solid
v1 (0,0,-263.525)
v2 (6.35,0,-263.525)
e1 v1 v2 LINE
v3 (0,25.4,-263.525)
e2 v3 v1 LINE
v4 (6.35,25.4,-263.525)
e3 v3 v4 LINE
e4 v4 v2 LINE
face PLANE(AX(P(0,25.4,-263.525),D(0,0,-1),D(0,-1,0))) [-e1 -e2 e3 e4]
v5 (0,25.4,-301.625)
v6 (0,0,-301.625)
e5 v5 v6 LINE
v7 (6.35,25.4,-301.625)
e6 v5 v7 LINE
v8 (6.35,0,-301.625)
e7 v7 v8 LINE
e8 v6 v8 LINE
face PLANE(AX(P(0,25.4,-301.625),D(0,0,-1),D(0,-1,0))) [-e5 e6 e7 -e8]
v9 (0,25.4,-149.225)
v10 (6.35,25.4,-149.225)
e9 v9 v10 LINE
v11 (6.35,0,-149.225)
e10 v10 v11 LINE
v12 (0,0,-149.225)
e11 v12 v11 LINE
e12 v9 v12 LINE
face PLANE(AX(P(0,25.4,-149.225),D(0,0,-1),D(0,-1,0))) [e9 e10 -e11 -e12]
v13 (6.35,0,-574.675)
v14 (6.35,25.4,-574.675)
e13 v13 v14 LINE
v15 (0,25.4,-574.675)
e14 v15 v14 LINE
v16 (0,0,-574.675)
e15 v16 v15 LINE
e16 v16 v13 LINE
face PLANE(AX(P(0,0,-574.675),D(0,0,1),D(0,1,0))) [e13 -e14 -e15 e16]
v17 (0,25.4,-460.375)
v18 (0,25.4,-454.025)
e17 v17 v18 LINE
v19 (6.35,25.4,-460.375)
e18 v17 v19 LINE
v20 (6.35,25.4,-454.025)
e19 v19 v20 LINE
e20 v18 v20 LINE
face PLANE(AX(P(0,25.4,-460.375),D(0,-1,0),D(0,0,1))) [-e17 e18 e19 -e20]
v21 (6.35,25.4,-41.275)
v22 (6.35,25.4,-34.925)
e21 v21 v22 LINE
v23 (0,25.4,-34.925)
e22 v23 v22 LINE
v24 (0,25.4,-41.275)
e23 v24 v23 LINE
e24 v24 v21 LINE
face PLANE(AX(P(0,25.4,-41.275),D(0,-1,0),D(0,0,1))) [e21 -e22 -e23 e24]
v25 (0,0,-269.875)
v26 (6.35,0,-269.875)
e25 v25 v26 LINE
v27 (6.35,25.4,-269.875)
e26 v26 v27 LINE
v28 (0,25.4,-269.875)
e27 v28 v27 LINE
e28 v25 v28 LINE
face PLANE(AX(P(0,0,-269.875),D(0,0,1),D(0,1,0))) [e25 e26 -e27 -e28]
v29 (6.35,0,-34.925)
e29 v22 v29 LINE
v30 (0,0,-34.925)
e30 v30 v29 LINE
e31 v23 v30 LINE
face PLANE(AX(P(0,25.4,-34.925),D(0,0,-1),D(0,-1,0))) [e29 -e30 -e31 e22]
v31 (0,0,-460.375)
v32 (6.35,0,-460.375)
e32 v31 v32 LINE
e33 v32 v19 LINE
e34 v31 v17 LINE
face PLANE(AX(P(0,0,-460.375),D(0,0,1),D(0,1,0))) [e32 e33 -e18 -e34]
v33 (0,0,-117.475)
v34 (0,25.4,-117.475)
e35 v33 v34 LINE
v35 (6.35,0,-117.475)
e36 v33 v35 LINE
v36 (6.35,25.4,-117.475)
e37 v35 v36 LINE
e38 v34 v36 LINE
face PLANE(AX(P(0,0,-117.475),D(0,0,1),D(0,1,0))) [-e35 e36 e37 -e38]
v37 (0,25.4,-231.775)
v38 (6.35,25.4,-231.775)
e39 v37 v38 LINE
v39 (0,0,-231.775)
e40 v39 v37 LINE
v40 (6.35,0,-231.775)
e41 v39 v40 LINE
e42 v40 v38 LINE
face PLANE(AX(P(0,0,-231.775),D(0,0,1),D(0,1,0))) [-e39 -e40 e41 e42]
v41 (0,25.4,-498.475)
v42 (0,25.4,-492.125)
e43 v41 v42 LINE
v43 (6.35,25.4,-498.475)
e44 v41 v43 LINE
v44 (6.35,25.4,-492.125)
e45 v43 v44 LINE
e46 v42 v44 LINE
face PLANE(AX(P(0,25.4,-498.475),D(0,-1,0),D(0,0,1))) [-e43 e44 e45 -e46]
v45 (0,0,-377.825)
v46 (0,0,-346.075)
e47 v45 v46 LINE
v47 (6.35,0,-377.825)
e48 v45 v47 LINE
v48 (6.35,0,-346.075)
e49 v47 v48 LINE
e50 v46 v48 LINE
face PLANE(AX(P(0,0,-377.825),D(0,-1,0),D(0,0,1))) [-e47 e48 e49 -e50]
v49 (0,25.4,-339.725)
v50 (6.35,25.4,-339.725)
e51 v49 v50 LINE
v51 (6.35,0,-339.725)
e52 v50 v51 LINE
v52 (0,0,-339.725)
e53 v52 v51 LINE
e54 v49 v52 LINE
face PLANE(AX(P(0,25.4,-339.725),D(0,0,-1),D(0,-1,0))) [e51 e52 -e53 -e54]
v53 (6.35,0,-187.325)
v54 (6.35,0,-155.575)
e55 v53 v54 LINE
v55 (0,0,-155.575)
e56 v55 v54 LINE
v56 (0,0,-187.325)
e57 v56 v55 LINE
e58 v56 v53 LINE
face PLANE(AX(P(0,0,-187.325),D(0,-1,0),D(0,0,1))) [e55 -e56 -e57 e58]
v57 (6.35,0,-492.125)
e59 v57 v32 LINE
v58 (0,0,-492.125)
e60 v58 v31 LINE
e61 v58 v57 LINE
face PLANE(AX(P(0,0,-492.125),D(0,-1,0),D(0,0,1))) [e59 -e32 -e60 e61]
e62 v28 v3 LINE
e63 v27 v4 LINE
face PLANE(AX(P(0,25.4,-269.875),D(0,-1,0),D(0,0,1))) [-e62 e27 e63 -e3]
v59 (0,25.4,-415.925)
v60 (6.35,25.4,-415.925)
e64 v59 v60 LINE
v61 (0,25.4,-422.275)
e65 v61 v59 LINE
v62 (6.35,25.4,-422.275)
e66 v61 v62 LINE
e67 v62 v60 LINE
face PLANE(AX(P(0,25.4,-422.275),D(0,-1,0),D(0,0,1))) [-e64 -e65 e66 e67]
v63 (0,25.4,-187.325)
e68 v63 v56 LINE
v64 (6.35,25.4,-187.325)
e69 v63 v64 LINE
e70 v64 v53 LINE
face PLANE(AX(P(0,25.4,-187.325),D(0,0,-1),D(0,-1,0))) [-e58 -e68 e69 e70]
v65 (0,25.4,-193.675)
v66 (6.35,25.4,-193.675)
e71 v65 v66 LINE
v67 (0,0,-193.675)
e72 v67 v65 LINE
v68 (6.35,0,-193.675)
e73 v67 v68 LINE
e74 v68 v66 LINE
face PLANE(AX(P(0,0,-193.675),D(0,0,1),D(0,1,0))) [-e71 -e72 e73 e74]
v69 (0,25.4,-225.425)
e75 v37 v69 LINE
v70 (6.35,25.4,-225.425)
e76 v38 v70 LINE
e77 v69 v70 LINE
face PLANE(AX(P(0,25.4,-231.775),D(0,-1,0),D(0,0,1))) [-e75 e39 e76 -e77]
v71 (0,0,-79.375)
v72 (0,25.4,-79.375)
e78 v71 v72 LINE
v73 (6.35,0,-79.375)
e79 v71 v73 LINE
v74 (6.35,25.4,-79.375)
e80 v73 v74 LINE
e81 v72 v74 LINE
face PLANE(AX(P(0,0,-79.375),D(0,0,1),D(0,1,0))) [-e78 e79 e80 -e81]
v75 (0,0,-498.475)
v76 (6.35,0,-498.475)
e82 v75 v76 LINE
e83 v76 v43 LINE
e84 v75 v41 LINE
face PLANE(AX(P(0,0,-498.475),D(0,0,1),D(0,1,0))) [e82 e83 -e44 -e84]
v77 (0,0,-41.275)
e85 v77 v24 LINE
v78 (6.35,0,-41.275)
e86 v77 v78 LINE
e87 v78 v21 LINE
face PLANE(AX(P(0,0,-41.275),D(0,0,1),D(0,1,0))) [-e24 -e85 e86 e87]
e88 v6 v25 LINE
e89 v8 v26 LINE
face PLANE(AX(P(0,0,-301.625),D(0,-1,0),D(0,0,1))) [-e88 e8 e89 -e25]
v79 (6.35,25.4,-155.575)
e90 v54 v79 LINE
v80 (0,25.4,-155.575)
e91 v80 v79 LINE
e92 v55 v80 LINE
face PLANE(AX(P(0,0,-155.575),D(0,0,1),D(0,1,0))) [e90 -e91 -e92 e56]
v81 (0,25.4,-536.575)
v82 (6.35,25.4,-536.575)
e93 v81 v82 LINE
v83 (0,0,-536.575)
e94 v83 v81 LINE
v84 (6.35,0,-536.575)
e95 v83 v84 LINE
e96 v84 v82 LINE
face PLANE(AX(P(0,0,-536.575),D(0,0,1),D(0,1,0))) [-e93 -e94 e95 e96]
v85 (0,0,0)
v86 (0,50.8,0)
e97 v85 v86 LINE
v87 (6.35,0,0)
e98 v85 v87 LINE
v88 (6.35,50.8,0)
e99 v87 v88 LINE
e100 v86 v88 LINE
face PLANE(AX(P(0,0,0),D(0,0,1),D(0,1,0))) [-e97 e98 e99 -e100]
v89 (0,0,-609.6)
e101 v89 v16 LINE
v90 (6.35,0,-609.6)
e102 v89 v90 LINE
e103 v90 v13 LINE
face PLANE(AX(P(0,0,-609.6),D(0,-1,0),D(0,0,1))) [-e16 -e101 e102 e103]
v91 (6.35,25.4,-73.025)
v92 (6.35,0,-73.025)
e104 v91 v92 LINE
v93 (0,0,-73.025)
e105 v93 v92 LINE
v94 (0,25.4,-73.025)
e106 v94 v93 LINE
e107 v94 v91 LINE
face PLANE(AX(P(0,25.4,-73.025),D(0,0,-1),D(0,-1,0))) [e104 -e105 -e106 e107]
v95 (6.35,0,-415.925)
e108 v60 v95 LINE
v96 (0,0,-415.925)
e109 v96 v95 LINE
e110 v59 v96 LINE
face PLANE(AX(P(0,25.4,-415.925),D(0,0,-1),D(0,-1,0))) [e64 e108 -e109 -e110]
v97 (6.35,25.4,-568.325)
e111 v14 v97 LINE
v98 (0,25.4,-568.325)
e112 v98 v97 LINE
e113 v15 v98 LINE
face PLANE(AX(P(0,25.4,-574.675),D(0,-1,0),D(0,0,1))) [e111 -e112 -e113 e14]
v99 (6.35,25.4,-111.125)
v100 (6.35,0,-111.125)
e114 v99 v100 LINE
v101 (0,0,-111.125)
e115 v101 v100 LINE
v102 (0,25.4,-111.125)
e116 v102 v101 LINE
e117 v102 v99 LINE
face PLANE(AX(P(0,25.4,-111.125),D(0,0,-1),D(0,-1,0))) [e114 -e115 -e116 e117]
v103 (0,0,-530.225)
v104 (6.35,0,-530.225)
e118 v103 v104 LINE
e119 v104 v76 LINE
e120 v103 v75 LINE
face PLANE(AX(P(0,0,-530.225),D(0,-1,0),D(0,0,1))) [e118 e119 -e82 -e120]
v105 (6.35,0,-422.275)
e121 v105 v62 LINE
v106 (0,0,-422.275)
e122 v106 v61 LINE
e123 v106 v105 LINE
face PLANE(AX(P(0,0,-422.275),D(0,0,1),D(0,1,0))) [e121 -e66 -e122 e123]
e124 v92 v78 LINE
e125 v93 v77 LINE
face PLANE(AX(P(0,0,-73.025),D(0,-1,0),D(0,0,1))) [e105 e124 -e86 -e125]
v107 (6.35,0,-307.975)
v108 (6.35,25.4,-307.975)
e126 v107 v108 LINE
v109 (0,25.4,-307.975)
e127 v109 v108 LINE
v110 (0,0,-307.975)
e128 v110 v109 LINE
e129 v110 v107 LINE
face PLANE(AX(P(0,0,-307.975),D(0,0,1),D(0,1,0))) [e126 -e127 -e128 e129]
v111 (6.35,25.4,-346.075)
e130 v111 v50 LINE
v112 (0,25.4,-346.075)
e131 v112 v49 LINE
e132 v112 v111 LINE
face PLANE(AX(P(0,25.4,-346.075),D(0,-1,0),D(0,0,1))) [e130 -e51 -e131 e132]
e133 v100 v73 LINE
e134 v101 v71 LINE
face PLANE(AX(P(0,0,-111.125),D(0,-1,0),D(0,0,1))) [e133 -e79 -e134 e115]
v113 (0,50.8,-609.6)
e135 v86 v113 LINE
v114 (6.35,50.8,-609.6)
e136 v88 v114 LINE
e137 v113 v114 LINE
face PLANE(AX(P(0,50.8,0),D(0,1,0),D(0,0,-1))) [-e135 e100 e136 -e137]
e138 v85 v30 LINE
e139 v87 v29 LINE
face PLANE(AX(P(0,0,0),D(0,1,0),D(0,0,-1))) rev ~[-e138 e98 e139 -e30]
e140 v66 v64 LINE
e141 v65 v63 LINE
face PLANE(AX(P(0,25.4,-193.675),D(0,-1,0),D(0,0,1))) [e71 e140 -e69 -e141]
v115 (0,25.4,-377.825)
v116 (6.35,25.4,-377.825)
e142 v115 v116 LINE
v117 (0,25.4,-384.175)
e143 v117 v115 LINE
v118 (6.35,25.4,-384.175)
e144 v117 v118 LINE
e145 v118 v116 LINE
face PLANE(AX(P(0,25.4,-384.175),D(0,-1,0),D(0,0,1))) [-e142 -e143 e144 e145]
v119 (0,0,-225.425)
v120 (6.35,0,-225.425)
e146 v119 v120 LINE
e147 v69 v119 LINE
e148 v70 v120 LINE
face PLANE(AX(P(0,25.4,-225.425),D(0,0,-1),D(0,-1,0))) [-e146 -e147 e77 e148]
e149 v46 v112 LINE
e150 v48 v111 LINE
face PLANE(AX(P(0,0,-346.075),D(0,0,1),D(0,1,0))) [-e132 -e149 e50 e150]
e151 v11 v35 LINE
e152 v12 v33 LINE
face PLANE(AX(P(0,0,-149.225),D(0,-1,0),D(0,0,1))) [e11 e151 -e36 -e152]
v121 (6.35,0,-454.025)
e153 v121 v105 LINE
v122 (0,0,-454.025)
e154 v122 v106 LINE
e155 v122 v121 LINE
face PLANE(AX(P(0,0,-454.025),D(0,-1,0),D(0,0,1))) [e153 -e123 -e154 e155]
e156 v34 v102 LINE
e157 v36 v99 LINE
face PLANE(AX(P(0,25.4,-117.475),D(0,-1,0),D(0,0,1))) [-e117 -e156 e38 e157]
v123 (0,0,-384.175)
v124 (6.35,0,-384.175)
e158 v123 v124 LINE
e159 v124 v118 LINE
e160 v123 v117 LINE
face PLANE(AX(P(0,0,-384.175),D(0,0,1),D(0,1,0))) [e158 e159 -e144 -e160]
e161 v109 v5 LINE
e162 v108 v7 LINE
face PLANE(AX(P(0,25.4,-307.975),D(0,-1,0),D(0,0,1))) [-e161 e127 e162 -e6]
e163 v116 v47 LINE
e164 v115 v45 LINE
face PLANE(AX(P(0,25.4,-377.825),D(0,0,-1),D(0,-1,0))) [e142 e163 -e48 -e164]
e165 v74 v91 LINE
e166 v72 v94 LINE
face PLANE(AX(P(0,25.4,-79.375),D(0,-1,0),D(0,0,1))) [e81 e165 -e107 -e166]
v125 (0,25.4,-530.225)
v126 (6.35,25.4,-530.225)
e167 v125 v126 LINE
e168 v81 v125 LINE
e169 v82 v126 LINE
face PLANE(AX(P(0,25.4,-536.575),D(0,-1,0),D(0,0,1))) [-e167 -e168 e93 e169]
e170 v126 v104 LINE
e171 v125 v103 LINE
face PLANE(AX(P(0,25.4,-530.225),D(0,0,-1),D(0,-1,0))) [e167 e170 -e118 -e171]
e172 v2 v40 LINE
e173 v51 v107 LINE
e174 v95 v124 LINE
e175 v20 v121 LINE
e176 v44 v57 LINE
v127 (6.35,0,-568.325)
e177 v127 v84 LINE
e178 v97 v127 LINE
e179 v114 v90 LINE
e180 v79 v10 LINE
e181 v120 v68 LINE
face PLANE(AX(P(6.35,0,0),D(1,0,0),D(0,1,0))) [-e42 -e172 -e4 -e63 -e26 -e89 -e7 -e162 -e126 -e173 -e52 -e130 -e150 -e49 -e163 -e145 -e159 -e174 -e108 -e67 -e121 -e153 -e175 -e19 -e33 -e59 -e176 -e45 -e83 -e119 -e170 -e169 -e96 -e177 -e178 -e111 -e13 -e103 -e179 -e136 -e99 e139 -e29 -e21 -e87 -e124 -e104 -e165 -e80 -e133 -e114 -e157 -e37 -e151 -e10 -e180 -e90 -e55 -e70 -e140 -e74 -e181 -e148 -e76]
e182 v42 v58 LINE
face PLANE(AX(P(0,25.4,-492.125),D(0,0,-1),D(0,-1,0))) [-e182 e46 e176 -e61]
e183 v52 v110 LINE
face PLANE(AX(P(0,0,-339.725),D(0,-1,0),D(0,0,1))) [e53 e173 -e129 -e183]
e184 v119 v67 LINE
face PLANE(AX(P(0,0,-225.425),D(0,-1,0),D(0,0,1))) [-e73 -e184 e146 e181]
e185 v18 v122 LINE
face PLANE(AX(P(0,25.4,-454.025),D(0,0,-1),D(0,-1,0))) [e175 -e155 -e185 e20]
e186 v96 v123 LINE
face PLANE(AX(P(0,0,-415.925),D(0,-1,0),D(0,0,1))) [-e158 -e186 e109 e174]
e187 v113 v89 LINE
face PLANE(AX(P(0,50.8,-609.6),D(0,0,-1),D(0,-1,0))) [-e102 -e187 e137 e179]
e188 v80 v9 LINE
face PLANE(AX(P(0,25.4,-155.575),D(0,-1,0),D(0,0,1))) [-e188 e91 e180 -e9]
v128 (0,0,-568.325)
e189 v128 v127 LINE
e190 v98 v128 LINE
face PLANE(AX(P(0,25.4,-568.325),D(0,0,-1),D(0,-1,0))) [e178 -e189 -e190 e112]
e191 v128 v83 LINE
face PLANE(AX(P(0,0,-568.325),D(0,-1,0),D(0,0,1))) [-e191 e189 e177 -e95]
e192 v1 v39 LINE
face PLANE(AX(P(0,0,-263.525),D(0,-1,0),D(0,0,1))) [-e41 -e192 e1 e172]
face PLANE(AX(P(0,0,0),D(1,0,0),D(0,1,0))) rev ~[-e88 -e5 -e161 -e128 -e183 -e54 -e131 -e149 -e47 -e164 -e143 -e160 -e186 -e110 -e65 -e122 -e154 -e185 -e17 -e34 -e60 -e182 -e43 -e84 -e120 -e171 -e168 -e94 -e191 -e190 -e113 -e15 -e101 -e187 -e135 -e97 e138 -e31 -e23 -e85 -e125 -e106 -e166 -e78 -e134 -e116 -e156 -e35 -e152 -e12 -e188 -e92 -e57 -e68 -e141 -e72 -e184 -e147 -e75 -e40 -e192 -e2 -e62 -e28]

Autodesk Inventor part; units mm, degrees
ref_plane "YZ Plane" through (0, 0, 0) normal (1, 0, 0) x (0, 1, 0)
ref_plane "XZ Plane" through (0, 0, 0) normal (0, 1, 0) x (-1, 0, 0)
ref_plane "XY Plane" through (0, 0, 0) normal (0, 0, 1) x (1, 0, 0)
sketch "Sketch1" plane through (0, 0, 0) normal (1, 0, 0) x (0, 1, 0)
  line L0 (0, 0) -> (50.8, 0)
  line L1 (50.8, 0) -> (50.8, -609.6)
  line L2 (50.8, -609.6) -> (0, -609.6)
  line L3 (0, -609.6) -> (0, -574.675)
  line L4 (0, -574.675) -> (25.4, -574.675)
  line L5 (25.4, -574.675) -> (25.4, -568.325)
  line L6 (25.4, -568.325) -> (0, -568.325)
  line L7 (0, -568.325) -> (0, -536.575)
  line L8 (0, -536.575) -> (25.4, -536.575)
  line L9 (25.4, -536.575) -> (25.4, -530.225)
  line L10 (25.4, -530.225) -> (0, -530.225)
  line L11 (0, -530.225) -> (0, -498.475)
  line L12 (0, -498.475) -> (25.4, -498.475)
  line L13 (25.4, -498.475) -> (25.4, -492.125)
  line L14 (25.4, -492.125) -> (0, -492.125)
  line L15 (0, -492.125) -> (0, -460.375)
  line L16 (0, -460.375) -> (25.4, -460.375)
  line L17 (25.4, -460.375) -> (25.4, -454.025)
  line L18 (25.4, -454.025) -> (0, -454.025)
  line L19 (0, -454.025) -> (0, -422.275)
  line L20 (0, -422.275) -> (25.4, -422.275)
  line L21 (25.4, -422.275) -> (25.4, -415.925)
  line L22 (25.4, -415.925) -> (0, -415.925)
  line L23 (0, -415.925) -> (0, -384.175)
  line L24 (0, -384.175) -> (25.4, -384.175)
  line L25 (25.4, -384.175) -> (25.4, -377.825)
  line L26 (25.4, -377.825) -> (0, -377.825)
  line L27 (0, -377.825) -> (0, -346.075)
  line L28 (0, -346.075) -> (25.4, -346.075)
  line L29 (25.4, -346.075) -> (25.4, -339.725)
  line L30 (25.4, -339.725) -> (0, -339.725)
  line L31 (0, -339.725) -> (0, -307.975)
  line L32 (0, -307.975) -> (25.4, -307.975)
  line L33 (25.4, -307.975) -> (25.4, -301.625)
  line L34 (25.4, -301.625) -> (0, -301.625)
  line L35 (0, -301.625) -> (0, -269.875)
  line L36 (0, -269.875) -> (25.4, -269.875)
  line L37 (25.4, -269.875) -> (25.4, -263.525)
  line L38 (25.4, -263.525) -> (0, -263.525)
  line L39 (0, -263.525) -> (0, -231.775)
  line L40 (0, -231.775) -> (25.4, -231.775)
  line L41 (25.4, -231.775) -> (25.4, -225.425)
  line L42 (25.4, -225.425) -> (0, -225.425)
  line L43 (0, -225.425) -> (0, -193.675)
  line L44 (0, -193.675) -> (25.4, -193.675)
  line L45 (25.4, -193.675) -> (25.4, -187.325)
  line L46 (25.4, -187.325) -> (0, -187.325)
  line L47 (0, -187.325) -> (0, -155.575)
  line L48 (0, -155.575) -> (25.4, -155.575)
  line L49 (25.4, -155.575) -> (25.4, -149.225)
  line L50 (25.4, -149.225) -> (0, -149.225)
  line L51 (0, -149.225) -> (0, -117.475)
  line L52 (0, -117.475) -> (25.4, -117.475)
  line L53 (25.4, -117.475) -> (25.4, -111.125)
  line L54 (25.4, -111.125) -> (0, -111.125)
  line L55 (0, -111.125) -> (0, -79.375)
  line L56 (0, -79.375) -> (25.4, -79.375)
  line L57 (25.4, -79.375) -> (25.4, -73.025)
  line L58 (25.4, -73.025) -> (0, -73.025)
  line L59 (0, -73.025) -> (0, -41.275)
  line L60 (0, -41.275) -> (25.4, -41.275)
  line L61 (25.4, -41.275) -> (25.4, -34.925)
  line L62 (25.4, -34.925) -> (0, -34.925)
  line L63 (0, 0) -> (0, -34.925)
  dimension "d293" = 50.8
  dimension "d294" = 609.6
  dimension "d295" = 34.925
  dimension "d296" = 25.4
  dimension "d297" = 6.35
  dimension "d298" = 25.4
  dimension "d299" = 31.75
  dimension "d300" = 6.35
  dimension "d301" = 31.75
  dimension "d302" = 6.35
  dimension "d303" = 31.75
  dimension "d304" = 6.35
  dimension "d305" = 31.75
  dimension "d306" = 6.35
  dimension "d307" = 31.75
  dimension "d308" = 6.35
  dimension "d309" = 31.75
  dimension "d310" = 6.35
  dimension "d311" = 31.75
  dimension "d312" = 6.35
  dimension "d313" = 31.75
  dimension "d314" = 6.35
  dimension "d315" = 31.75
  dimension "d316" = 6.35
  dimension "d317" = 31.75
  dimension "d318" = 6.35
  dimension "d319" = 31.75
  dimension "d320" = 6.35
  dimension "d321" = 31.75
  dimension "d322" = 6.35
  dimension "d323" = 31.75
  dimension "d324" = 6.35
  dimension "d325" = 31.75
  dimension "d326" = 6.35
  dimension "d327" = 34.925
  dimension "d328" = 90
  dimension "d329" = 90
  dimension "d330" = 90
  dimension "d331" = 90
  dimension "d332" = 90
  dimension "d333" = 90
  dimension "d334" = 90
  dimension "d335" = 90
  dimension "d336" = 90
  dimension "d337" = 90
  dimension "d338" = 90
  dimension "d339" = 25.4
  dimension "d340" = 25.4
  dimension "d341" = 50.8
  dimension "d342" = 50.8
  dimension "d343" = 50.8
  dimension "d344" = 50.8
  dimension "d345" = 50.8
  dimension "d346" = 50.8
  dimension "d347" = 50.8
  dimension "d348" = 50.8
  dimension "d349" = 50.8
  dimension "d350" = 50.8
  dimension "d351" = 50.8
  dimension "d352" = 50.8
  dimension "d353" = 50.8
  dimension "d354" = 25.4
  dimension "d355" = 25.4
  dimension "d356" = 25.4
extrude "Extrusion2" add sketch "Sketch1" along normal blind 6.35
properties part number "DividerWidth" material "Wood (Birch)"
